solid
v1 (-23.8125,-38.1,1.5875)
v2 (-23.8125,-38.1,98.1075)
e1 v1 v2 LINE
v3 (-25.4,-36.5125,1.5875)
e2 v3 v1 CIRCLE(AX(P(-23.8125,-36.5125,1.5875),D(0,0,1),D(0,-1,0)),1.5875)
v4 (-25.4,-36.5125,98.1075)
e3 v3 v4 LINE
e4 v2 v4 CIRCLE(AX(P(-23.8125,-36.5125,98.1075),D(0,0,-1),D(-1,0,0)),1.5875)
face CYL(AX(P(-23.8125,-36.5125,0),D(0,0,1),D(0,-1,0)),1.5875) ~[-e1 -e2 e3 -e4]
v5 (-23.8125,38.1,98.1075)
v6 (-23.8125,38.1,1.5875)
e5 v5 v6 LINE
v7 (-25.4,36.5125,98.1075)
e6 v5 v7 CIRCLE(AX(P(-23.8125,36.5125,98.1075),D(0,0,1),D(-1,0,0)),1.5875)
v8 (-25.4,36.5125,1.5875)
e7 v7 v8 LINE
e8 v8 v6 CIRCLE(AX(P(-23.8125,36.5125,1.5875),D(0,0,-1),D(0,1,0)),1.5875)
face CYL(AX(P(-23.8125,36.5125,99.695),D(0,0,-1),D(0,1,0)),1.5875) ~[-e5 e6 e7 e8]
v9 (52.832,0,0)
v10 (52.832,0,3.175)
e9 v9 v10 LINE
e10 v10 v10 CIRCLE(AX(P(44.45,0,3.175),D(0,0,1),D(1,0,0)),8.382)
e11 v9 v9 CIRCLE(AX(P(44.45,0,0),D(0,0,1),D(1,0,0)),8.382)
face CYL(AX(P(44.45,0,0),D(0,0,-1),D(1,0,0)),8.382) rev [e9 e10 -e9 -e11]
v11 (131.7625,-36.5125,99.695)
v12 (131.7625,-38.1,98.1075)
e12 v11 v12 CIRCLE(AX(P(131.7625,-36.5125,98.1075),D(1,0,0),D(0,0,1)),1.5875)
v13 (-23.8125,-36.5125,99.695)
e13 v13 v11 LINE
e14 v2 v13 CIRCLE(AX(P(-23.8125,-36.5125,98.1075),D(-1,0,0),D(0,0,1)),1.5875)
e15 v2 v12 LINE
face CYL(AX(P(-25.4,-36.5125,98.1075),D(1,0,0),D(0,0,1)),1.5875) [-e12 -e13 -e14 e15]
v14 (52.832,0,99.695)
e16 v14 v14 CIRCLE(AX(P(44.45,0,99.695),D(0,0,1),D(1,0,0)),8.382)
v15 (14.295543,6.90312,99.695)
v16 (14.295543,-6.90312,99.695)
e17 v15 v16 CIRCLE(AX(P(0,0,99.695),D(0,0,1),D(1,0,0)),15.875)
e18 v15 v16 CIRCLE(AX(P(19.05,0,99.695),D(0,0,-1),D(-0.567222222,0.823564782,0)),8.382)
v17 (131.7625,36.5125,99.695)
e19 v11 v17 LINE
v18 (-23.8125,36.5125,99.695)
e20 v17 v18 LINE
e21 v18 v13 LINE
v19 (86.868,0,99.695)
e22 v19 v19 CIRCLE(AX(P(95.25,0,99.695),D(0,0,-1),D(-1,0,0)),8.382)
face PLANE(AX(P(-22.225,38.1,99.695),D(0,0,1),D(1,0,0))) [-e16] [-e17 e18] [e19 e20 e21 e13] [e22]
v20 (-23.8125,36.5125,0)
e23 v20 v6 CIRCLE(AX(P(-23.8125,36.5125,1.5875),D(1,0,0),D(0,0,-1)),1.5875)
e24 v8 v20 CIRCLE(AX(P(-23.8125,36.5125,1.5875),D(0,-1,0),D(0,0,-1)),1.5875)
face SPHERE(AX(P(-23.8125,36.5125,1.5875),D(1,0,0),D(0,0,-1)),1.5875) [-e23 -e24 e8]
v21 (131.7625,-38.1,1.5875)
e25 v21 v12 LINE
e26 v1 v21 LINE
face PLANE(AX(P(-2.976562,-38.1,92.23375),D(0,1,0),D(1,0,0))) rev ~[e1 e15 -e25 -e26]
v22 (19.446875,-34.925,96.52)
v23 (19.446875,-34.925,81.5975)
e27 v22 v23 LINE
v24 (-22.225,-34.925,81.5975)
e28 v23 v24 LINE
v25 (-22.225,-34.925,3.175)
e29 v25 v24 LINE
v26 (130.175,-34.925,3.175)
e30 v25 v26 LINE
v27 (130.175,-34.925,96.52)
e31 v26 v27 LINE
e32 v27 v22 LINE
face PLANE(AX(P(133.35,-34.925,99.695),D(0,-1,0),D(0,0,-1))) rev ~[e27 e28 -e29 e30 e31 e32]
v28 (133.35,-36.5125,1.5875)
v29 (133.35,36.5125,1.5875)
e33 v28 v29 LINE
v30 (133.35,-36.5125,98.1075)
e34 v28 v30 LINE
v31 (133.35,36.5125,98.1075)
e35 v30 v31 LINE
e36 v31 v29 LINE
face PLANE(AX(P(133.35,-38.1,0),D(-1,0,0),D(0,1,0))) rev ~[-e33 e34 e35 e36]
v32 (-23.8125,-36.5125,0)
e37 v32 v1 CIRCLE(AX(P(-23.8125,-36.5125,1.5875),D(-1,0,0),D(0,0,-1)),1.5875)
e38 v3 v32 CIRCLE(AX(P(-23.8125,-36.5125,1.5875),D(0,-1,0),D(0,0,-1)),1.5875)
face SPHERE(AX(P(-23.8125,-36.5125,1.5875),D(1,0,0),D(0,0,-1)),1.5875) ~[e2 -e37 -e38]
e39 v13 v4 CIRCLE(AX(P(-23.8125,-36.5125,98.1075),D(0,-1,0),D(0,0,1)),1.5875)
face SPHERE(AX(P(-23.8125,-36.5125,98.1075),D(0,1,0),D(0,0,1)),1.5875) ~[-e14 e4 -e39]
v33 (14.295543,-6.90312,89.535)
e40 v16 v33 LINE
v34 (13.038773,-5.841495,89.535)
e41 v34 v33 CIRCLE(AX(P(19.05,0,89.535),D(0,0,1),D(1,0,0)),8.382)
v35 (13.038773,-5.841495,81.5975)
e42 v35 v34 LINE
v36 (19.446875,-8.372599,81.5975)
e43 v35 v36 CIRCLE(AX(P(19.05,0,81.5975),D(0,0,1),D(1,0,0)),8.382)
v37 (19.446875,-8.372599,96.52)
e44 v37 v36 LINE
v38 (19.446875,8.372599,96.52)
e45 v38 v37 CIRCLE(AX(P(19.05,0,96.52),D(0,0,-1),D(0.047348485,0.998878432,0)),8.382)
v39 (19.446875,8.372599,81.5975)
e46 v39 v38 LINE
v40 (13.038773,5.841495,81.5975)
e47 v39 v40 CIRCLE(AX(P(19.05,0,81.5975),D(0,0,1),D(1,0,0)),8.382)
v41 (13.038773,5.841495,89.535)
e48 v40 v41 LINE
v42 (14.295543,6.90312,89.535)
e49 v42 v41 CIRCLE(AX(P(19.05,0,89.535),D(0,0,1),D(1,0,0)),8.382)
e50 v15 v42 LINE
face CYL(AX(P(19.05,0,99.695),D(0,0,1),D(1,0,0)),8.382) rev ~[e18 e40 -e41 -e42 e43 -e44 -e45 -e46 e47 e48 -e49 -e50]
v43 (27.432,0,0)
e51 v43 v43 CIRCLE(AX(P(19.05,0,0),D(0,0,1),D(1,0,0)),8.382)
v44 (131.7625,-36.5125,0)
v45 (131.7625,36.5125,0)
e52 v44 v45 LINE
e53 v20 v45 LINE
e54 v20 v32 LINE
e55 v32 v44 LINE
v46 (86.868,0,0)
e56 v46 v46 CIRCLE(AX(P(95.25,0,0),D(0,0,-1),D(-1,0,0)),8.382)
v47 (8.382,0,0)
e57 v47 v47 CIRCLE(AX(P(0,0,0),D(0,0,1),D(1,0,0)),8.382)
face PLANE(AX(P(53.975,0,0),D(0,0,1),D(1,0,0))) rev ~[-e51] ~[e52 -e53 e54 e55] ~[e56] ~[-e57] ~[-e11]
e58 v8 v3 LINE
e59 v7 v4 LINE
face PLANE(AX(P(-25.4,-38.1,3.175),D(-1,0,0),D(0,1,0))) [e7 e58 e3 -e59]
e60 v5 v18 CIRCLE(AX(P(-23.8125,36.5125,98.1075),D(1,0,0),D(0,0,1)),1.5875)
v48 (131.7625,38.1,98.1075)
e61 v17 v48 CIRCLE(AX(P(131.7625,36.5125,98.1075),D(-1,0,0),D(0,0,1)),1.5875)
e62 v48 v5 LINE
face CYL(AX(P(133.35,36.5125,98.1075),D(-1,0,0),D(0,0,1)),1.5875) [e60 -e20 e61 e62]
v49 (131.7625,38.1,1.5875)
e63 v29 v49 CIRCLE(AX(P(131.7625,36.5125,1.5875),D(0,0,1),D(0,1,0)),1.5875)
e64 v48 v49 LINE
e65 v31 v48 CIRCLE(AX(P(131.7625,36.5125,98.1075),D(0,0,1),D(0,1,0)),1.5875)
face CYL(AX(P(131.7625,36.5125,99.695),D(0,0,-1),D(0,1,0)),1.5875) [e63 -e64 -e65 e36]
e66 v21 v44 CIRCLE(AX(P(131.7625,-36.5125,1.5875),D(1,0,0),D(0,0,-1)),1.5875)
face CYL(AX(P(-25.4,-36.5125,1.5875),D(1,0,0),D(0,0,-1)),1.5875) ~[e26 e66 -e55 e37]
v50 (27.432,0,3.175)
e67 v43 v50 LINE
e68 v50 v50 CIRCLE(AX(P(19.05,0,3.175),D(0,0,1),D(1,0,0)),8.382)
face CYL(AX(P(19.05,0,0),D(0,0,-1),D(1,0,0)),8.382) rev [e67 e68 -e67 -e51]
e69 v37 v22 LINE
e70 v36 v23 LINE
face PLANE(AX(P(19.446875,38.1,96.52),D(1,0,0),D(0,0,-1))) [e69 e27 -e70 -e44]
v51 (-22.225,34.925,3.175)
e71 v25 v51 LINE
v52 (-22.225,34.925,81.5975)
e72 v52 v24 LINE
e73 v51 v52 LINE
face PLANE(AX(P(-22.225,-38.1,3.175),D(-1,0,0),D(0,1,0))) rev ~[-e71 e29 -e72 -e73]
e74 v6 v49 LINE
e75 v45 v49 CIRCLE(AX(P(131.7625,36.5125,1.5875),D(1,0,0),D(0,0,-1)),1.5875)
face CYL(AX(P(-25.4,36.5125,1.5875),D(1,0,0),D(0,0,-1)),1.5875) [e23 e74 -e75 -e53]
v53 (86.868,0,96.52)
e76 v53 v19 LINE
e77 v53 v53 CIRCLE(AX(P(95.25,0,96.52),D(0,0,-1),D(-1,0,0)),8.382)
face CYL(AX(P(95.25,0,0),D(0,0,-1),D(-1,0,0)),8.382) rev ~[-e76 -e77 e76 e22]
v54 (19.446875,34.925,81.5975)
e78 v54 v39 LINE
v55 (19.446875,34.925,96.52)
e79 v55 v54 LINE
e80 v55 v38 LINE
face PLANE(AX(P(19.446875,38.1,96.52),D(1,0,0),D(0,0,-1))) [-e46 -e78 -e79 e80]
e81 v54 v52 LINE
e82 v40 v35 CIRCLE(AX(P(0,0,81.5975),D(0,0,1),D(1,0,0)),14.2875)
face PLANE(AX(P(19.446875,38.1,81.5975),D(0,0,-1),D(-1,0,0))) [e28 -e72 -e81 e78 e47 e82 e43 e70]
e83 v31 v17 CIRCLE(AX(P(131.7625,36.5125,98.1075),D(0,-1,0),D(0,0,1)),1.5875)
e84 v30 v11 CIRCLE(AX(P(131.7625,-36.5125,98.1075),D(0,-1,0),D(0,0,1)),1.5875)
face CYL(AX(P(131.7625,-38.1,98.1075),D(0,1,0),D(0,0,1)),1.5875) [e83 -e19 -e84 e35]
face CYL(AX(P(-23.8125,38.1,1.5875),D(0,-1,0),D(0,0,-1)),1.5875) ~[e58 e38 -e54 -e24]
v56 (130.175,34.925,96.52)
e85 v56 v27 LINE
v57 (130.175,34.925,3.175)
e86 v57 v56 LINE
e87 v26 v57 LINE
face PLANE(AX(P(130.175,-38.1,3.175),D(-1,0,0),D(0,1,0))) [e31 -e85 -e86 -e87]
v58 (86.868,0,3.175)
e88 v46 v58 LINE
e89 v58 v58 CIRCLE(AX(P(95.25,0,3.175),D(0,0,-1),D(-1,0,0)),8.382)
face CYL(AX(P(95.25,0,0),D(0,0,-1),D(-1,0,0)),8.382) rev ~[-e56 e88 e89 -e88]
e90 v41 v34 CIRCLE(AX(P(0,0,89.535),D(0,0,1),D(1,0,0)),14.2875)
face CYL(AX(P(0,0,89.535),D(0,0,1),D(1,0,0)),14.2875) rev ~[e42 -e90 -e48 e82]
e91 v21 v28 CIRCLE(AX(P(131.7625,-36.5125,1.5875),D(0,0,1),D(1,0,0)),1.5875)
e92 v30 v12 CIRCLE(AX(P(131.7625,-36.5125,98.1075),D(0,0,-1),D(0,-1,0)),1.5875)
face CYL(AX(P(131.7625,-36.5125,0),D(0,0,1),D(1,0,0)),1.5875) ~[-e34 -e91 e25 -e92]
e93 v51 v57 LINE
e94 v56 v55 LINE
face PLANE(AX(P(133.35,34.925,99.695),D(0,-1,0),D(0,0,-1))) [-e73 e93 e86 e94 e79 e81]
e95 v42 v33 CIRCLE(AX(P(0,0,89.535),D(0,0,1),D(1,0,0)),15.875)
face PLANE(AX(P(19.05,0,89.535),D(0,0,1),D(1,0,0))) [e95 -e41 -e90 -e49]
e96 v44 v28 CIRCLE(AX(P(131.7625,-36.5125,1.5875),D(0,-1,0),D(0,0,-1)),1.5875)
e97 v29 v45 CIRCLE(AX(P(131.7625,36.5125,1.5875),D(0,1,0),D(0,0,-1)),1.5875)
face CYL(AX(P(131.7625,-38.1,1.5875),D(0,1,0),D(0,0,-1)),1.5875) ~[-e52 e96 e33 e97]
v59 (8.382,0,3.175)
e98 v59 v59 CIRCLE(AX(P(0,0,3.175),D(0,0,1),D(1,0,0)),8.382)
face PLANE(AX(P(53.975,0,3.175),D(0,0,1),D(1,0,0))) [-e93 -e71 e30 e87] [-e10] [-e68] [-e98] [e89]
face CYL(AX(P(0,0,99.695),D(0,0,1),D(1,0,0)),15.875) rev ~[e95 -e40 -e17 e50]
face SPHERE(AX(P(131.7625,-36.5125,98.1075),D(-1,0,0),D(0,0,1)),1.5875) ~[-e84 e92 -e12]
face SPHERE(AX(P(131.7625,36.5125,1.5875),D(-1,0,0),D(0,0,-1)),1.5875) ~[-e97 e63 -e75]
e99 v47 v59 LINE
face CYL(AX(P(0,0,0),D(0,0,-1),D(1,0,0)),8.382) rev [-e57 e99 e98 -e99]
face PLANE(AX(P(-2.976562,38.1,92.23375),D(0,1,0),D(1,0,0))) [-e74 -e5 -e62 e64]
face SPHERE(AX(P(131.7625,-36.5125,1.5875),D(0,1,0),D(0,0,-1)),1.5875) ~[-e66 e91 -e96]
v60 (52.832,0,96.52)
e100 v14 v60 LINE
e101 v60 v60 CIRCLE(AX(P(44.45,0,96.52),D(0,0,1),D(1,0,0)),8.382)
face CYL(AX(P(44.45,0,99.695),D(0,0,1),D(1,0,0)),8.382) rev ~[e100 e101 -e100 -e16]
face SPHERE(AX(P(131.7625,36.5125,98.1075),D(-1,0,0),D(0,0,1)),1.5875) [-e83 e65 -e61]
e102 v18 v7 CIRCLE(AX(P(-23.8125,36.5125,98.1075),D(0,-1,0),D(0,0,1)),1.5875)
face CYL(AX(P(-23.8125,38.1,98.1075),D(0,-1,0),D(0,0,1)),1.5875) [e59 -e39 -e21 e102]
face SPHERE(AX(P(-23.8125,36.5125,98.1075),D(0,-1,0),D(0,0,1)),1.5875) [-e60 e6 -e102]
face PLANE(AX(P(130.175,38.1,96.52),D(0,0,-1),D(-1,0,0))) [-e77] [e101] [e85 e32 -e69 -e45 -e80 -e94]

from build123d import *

# Parameters (mm, degrees)
SKETCH1_W           = 158.75
SKETCH1_H           = 76.2
SKETCH1_R           = 8.382
BOSS_EXTRUDE1_DEPTH = 3.175
SKETCH2_W           = 3.175
SKETCH2_H           = 76.2
BOSS_EXTRUDE2_DEPTH = 96.52
SKETCH5_W           = 38.496875
SKETCH5_H           = 14.9225
BOSS_EXTRUDE4_DEPTH = 76.2
CUT_EXTRUDE3_REACH  = 172.801
SKETCH10_R          = 8.382
SKETCH10_3_R        = 8.382
SKETCH10_3_R_2      = 15.875
CUT_EXTRUDE4_DEPTH  = 10.16
CUT_EXTRUDE5_REACH  = 167.077
SKETCH11_R          = 14.2875
SKETCH12_R          = 8.382
CUT_EXTRUDE6_DEPTH  = 171.800835844
BOSS_EXTRUDE5_REACH = 193.291
SKETCH13_W          = 99.695
SKETCH13_H          = 3.175
FILLET1_R           = 1.5875


with BuildPart() as part:
    # Sketch1 → Boss-Extrude1 (new body)
    with BuildSketch(Plane.XY):
        with Locations((53.975, 0)):
            Rectangle(SKETCH1_W, SKETCH1_H)
        Circle(SKETCH1_R, mode=Mode.SUBTRACT)
        with Locations((19.05, 0)):
            Circle(SKETCH1_R, mode=Mode.SUBTRACT)
        with Locations((44.45, 0)):
            Circle(SKETCH1_R, mode=Mode.SUBTRACT)
    extrude(amount=BOSS_EXTRUDE1_DEPTH)

    # Sketch2 → Boss-Extrude2 (add)
    with BuildSketch(Plane.XY.offset(3.175)):
        with Locations((-23.8125, 0)):
            Rectangle(SKETCH2_W, SKETCH2_H)
        with Locations((131.7625, 0)):
            Rectangle(SKETCH2_W, SKETCH2_H)
    extrude(amount=BOSS_EXTRUDE2_DEPTH)

    # Sketch5 → Boss-Extrude4 (add)
    with BuildSketch(Plane(origin=(0, 38.1, 0), x_dir=(1, 0, 0), z_dir=(0, 1, 0))):
        with Locations((-2.9765625, -92.23375)):
            Rectangle(SKETCH5_W, SKETCH5_H)
        Polygon((-22.225, -81.5975), (-22.225, -84.7725), (16.271875, -84.7725), (16.271875, -99.695), (130.175, -99.695), (130.175, -96.52), (19.446875, -96.52), (19.446875, -81.5975), align=None)
    extrude(amount=-BOSS_EXTRUDE4_DEPTH)

    # Sketch10 → Cut-Extrude3 (cut, up to next)
    with BuildSketch(Plane.XY.offset(99.695), mode=Mode.PRIVATE) as cut_extrude3_sk1:
        with Locations((19.05, 0)):
            Circle(SKETCH10_R)
    cut_extrude3_tool1 = extrude(cut_extrude3_sk1.sketch, amount=-CUT_EXTRUDE3_REACH, mode=Mode.PRIVATE) & part.part
    # Sketch10 → Cut-Extrude3 (cut, up to next)
    with BuildSketch(Plane.XY.offset(99.695), mode=Mode.PRIVATE) as cut_extrude3_sk2:
        with Locations((44.45, 0)):
            Circle(SKETCH10_R)
    cut_extrude3_tool2 = extrude(cut_extrude3_sk2.sketch, amount=-CUT_EXTRUDE3_REACH, mode=Mode.PRIVATE) & part.part
    add(cut_extrude3_tool1.solids().sort_by_distance((19.05, 0, 99.695))[0], mode=Mode.SUBTRACT)
    add(cut_extrude3_tool2.solids().sort_by_distance((44.45, 0, 99.695))[0], mode=Mode.SUBTRACT)

    # Sketch10<3> → Cut-Extrude4 (cut)
    with BuildSketch(Plane.XY.offset(99.695)):
        with Locations((19.05, 0)):
            Circle(SKETCH10_3_R)
        Circle(SKETCH10_3_R_2)
    extrude(amount=-CUT_EXTRUDE4_DEPTH, mode=Mode.SUBTRACT)

    # Sketch11 → Cut-Extrude5 (cut, up to next)
    with BuildSketch(Plane.XY.offset(89.535), mode=Mode.PRIVATE) as cut_extrude5_sk1:
        Circle(SKETCH11_R)
    cut_extrude5_tool1 = extrude(cut_extrude5_sk1.sketch, amount=-CUT_EXTRUDE5_REACH, mode=Mode.PRIVATE) & part.part
    add(cut_extrude5_tool1.solids().sort_by_distance((0, 0, 89.535))[0], mode=Mode.SUBTRACT)

    # Sketch12 → Cut-Extrude6 (cut, through all)
    with BuildSketch(Plane(origin=(0, 0, 0), x_dir=(-1, 0, 0), z_dir=(0, 0, -1))):
        with Locations((-95.25, 0)):
            Circle(SKETCH12_R)
    extrude(amount=-CUT_EXTRUDE6_DEPTH, mode=Mode.SUBTRACT)

    # Boss-Extrude5: up to this face of the body (flat: up to its plane)
    boss_extrude5_end = Plane(part.part.faces().sort_by_distance((-25.4, 0, 49.8475))[0])
    # Sketch13 → Boss-Extrude5 (add, up to the picked face)
    with BuildSketch(Plane(origin=(133.35, 0, 0), x_dir=(0, 0, -1), z_dir=(1, 0, 0)), mode=Mode.PRIVATE) as boss_extrude5_sk1:
        with Locations((-49.8475, -36.5125)):
            Rectangle(SKETCH13_W, SKETCH13_H)
    boss_extrude5_tool1 = split(extrude(boss_extrude5_sk1.sketch, amount=-BOSS_EXTRUDE5_REACH, mode=Mode.PRIVATE), bisect_by=boss_extrude5_end, keep=Keep.BOTH, mode=Mode.PRIVATE)
    # Sketch13 → Boss-Extrude5 (add, up to the picked face)
    with BuildSketch(Plane(origin=(133.35, 0, 0), x_dir=(0, 0, -1), z_dir=(1, 0, 0)), mode=Mode.PRIVATE) as boss_extrude5_sk2:
        with Locations((-49.8475, 36.5125)):
            Rectangle(SKETCH13_W, SKETCH13_H)
    boss_extrude5_tool2 = split(extrude(boss_extrude5_sk2.sketch, amount=-BOSS_EXTRUDE5_REACH, mode=Mode.PRIVATE), bisect_by=boss_extrude5_end, keep=Keep.BOTH, mode=Mode.PRIVATE)
    add(boss_extrude5_tool1.solids().sort_by(Axis((133.35, -36.5125, 49.8475), (-1, 0, 0)))[0])
    add(boss_extrude5_tool2.solids().sort_by(Axis((133.35, 36.5125, 49.8475), (-1, 0, 0)))[0])

    # Fillet1
    fillet1_edges = [part.edges().sort_by_distance(p)[0] for p in [
        (-25.4, 0, 99.695),
        (53.975, -38.1, 99.695),
        (53.975, 38.1, 99.695),
        (133.35, 0, 99.695),
        (53.975, 38.1, 0),
        (133.35, 0, 0),
        (53.975, -38.1, 0),
        (-25.4, 0, 0),
        (-25.4, 38.1, 49.8475),
        (133.35, 38.1, 49.8475),
        (133.35, -38.1, 49.8475),
        (-25.4, -38.1, 49.8475),
    ]]
    fillet(fillet1_edges, radius=FILLET1_R)


solid = part.part
